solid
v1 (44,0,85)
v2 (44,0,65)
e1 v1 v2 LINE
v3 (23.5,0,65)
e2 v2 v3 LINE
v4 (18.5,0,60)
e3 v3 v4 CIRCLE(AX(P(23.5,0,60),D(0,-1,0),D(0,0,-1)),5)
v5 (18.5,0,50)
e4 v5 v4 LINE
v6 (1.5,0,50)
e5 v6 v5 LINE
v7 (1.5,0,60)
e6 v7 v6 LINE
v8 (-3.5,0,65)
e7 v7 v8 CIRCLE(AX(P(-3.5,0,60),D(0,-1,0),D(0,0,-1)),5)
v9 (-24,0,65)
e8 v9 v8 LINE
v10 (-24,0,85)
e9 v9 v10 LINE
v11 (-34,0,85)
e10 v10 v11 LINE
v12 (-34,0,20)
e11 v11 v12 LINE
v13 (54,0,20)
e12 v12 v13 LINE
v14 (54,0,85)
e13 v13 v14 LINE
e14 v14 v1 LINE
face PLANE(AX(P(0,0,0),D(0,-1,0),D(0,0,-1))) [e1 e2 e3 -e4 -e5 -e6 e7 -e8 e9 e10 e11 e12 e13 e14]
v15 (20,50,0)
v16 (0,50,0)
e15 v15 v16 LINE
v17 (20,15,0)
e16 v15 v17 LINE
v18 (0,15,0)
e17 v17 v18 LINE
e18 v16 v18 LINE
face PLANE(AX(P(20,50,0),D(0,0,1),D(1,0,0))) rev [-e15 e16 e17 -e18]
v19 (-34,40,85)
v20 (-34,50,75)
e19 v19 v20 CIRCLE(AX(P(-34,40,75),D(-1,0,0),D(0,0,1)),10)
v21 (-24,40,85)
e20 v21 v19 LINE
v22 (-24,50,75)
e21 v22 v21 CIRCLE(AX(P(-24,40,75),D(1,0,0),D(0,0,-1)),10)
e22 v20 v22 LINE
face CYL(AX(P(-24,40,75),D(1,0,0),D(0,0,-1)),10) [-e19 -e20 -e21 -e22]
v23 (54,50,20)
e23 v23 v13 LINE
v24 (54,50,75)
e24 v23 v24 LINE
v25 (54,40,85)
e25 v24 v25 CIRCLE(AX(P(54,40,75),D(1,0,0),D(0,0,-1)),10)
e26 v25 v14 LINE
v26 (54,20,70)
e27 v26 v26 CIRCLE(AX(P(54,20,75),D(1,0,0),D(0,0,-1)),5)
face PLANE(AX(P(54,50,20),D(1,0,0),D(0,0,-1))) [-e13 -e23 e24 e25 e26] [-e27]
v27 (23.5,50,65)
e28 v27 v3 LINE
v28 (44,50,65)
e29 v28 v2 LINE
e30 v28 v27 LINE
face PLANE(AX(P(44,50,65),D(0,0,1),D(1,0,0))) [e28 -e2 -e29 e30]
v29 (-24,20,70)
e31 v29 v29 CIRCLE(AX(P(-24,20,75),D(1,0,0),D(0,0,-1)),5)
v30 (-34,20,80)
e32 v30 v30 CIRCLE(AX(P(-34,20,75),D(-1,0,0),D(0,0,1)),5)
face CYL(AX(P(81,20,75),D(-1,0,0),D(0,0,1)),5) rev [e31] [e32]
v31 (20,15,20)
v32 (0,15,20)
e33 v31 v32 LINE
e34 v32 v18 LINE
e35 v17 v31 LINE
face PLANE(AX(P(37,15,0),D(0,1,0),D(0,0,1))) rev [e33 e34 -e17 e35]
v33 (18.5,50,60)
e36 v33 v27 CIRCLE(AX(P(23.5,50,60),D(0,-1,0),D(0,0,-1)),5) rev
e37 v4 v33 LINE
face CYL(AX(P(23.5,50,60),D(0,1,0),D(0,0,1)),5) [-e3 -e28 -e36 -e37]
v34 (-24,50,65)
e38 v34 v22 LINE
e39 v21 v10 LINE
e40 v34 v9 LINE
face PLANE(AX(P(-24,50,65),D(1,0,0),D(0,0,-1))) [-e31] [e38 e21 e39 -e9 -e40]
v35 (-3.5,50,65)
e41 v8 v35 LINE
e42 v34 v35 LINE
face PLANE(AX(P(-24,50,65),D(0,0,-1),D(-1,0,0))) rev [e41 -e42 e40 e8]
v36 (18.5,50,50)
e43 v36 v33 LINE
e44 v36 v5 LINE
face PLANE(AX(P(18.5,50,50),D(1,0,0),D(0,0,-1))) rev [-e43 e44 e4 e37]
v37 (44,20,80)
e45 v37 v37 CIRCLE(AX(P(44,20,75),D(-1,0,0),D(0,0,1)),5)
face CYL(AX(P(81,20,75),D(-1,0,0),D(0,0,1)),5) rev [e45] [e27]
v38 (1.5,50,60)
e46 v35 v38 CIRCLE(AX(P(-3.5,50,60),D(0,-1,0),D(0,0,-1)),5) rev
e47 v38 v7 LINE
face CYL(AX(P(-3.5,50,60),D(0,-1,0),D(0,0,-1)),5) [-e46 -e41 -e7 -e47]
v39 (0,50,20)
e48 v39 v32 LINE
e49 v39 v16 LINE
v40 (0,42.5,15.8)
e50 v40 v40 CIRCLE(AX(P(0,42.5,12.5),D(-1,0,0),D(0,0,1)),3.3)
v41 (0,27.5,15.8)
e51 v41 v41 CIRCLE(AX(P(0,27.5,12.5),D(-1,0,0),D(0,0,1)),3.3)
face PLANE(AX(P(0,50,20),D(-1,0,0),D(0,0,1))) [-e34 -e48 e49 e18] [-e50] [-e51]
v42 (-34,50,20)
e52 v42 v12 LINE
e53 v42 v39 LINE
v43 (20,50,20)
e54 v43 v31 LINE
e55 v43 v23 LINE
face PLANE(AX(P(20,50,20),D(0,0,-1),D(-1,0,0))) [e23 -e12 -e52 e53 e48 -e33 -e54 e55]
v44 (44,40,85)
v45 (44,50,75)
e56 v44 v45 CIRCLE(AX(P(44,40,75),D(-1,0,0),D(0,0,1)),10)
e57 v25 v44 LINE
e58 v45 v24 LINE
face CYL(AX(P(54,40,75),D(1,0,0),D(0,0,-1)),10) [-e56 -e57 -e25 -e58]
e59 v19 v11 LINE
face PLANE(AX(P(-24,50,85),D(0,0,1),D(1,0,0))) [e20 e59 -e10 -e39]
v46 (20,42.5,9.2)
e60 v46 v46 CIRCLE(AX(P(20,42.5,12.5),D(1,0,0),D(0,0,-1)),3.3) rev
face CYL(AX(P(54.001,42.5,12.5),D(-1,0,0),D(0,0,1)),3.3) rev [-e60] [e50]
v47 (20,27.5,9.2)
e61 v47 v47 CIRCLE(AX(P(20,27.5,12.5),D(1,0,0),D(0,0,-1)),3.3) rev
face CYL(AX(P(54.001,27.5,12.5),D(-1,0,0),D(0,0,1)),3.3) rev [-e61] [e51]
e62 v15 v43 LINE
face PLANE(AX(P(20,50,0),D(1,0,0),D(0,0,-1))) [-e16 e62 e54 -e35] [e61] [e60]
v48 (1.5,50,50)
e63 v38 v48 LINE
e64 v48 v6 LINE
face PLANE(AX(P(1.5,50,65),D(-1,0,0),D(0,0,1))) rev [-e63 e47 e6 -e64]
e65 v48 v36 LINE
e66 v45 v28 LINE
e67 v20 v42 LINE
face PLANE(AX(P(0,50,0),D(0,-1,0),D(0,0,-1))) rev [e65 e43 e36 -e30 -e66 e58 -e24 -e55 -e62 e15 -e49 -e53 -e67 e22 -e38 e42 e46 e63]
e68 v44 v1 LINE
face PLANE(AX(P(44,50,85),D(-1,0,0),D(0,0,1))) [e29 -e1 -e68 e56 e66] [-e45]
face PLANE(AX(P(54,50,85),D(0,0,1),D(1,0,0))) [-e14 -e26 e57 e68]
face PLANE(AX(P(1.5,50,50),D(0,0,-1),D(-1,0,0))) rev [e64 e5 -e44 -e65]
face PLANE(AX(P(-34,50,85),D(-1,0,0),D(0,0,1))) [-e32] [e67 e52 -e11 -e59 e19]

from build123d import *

# Parameters (mm, degrees)
BOSS_EXTRUDE2_DEPTH = 50
FILLET3_R           = 10
FILLET4_R           = 10
FILLET5_R           = 5
FILLET6_R           = 5
SKETCH3_W           = 20
SKETCH3_H           = 15
CUT_EXTRUDE2_DEPTH  = 37
SKETCH2_R           = 5
CUT_EXTRUDE3_DEPTH  = 115
CUT_EXTRUDE4_REACH  = 114.432
SKETCH4_R           = 3.3


with BuildPart() as part:
    # Sketch1 → Boss-Extrude2 (new body)
    with BuildSketch(Plane(origin=(0, 0, 0), x_dir=(1, 0, 0), z_dir=(0, 1, 0))):
        Polygon((20, 0), (0, 0), (0, -20), (-34, -20), (-34, -85), (-24, -85), (-24, -65), (1.5, -65), (1.5, -50), (18.5, -50), (18.5, -65), (44, -65), (44, -85), (54, -85), (54, -20), (20, -20), align=None)
    extrude(amount=BOSS_EXTRUDE2_DEPTH)

    # Fillet3
    fillet3_edges = [part.edges().sort_by_distance(p)[0] for p in [
        (-29, 50, 85),
    ]]
    fillet(fillet3_edges, radius=FILLET3_R)

    # Fillet4
    fillet4_edges = [part.edges().sort_by_distance(p)[0] for p in [
        (49, 50, 85),
    ]]
    fillet(fillet4_edges, radius=FILLET4_R)

    # Fillet5
    fillet5_edges = [part.edges().sort_by_distance(p)[0] for p in [
        (1.5, 25, 65),
    ]]
    fillet(fillet5_edges, radius=FILLET5_R)

    # Fillet6
    fillet6_edges = [part.edges().sort_by_distance(p)[0] for p in [
        (18.5, 25, 65),
    ]]
    fillet(fillet6_edges, radius=FILLET6_R)

    # Sketch3 → Cut-Extrude2 (cut)
    with BuildSketch(Plane.ZY):
        with Locations((10, 7.5)):
            Rectangle(SKETCH3_W, SKETCH3_H)
    extrude(amount=-CUT_EXTRUDE2_DEPTH, mode=Mode.SUBTRACT)

    # Sketch2 → Cut-Extrude3 (cut)
    with BuildSketch(Plane.ZY.offset(34)):
        with Locations((75, 20)):
            Circle(SKETCH2_R)
    extrude(amount=-CUT_EXTRUDE3_DEPTH, mode=Mode.SUBTRACT)

    # Sketch4 → Cut-Extrude4 (cut, up to next)
    with BuildSketch(Plane.ZY, mode=Mode.PRIVATE) as cut_extrude4_sk1:
        with Locations((12.5, 42.5)):
            Circle(SKETCH4_R)
    cut_extrude4_tool1 = extrude(cut_extrude4_sk1.sketch, amount=-CUT_EXTRUDE4_REACH, mode=Mode.PRIVATE) & part.part
    # Sketch4 → Cut-Extrude4 (cut, up to next)
    with BuildSketch(Plane.ZY, mode=Mode.PRIVATE) as cut_extrude4_sk2:
        with Locations((12.5, 27.5)):
            Circle(SKETCH4_R)
    cut_extrude4_tool2 = extrude(cut_extrude4_sk2.sketch, amount=-CUT_EXTRUDE4_REACH, mode=Mode.PRIVATE) & part.part
    add(cut_extrude4_tool1.solids().sort_by_distance((0, 42.5, 12.5))[0], mode=Mode.SUBTRACT)
    add(cut_extrude4_tool2.solids().sort_by_distance((0, 27.5, 12.5))[0], mode=Mode.SUBTRACT)


solid = part.part
